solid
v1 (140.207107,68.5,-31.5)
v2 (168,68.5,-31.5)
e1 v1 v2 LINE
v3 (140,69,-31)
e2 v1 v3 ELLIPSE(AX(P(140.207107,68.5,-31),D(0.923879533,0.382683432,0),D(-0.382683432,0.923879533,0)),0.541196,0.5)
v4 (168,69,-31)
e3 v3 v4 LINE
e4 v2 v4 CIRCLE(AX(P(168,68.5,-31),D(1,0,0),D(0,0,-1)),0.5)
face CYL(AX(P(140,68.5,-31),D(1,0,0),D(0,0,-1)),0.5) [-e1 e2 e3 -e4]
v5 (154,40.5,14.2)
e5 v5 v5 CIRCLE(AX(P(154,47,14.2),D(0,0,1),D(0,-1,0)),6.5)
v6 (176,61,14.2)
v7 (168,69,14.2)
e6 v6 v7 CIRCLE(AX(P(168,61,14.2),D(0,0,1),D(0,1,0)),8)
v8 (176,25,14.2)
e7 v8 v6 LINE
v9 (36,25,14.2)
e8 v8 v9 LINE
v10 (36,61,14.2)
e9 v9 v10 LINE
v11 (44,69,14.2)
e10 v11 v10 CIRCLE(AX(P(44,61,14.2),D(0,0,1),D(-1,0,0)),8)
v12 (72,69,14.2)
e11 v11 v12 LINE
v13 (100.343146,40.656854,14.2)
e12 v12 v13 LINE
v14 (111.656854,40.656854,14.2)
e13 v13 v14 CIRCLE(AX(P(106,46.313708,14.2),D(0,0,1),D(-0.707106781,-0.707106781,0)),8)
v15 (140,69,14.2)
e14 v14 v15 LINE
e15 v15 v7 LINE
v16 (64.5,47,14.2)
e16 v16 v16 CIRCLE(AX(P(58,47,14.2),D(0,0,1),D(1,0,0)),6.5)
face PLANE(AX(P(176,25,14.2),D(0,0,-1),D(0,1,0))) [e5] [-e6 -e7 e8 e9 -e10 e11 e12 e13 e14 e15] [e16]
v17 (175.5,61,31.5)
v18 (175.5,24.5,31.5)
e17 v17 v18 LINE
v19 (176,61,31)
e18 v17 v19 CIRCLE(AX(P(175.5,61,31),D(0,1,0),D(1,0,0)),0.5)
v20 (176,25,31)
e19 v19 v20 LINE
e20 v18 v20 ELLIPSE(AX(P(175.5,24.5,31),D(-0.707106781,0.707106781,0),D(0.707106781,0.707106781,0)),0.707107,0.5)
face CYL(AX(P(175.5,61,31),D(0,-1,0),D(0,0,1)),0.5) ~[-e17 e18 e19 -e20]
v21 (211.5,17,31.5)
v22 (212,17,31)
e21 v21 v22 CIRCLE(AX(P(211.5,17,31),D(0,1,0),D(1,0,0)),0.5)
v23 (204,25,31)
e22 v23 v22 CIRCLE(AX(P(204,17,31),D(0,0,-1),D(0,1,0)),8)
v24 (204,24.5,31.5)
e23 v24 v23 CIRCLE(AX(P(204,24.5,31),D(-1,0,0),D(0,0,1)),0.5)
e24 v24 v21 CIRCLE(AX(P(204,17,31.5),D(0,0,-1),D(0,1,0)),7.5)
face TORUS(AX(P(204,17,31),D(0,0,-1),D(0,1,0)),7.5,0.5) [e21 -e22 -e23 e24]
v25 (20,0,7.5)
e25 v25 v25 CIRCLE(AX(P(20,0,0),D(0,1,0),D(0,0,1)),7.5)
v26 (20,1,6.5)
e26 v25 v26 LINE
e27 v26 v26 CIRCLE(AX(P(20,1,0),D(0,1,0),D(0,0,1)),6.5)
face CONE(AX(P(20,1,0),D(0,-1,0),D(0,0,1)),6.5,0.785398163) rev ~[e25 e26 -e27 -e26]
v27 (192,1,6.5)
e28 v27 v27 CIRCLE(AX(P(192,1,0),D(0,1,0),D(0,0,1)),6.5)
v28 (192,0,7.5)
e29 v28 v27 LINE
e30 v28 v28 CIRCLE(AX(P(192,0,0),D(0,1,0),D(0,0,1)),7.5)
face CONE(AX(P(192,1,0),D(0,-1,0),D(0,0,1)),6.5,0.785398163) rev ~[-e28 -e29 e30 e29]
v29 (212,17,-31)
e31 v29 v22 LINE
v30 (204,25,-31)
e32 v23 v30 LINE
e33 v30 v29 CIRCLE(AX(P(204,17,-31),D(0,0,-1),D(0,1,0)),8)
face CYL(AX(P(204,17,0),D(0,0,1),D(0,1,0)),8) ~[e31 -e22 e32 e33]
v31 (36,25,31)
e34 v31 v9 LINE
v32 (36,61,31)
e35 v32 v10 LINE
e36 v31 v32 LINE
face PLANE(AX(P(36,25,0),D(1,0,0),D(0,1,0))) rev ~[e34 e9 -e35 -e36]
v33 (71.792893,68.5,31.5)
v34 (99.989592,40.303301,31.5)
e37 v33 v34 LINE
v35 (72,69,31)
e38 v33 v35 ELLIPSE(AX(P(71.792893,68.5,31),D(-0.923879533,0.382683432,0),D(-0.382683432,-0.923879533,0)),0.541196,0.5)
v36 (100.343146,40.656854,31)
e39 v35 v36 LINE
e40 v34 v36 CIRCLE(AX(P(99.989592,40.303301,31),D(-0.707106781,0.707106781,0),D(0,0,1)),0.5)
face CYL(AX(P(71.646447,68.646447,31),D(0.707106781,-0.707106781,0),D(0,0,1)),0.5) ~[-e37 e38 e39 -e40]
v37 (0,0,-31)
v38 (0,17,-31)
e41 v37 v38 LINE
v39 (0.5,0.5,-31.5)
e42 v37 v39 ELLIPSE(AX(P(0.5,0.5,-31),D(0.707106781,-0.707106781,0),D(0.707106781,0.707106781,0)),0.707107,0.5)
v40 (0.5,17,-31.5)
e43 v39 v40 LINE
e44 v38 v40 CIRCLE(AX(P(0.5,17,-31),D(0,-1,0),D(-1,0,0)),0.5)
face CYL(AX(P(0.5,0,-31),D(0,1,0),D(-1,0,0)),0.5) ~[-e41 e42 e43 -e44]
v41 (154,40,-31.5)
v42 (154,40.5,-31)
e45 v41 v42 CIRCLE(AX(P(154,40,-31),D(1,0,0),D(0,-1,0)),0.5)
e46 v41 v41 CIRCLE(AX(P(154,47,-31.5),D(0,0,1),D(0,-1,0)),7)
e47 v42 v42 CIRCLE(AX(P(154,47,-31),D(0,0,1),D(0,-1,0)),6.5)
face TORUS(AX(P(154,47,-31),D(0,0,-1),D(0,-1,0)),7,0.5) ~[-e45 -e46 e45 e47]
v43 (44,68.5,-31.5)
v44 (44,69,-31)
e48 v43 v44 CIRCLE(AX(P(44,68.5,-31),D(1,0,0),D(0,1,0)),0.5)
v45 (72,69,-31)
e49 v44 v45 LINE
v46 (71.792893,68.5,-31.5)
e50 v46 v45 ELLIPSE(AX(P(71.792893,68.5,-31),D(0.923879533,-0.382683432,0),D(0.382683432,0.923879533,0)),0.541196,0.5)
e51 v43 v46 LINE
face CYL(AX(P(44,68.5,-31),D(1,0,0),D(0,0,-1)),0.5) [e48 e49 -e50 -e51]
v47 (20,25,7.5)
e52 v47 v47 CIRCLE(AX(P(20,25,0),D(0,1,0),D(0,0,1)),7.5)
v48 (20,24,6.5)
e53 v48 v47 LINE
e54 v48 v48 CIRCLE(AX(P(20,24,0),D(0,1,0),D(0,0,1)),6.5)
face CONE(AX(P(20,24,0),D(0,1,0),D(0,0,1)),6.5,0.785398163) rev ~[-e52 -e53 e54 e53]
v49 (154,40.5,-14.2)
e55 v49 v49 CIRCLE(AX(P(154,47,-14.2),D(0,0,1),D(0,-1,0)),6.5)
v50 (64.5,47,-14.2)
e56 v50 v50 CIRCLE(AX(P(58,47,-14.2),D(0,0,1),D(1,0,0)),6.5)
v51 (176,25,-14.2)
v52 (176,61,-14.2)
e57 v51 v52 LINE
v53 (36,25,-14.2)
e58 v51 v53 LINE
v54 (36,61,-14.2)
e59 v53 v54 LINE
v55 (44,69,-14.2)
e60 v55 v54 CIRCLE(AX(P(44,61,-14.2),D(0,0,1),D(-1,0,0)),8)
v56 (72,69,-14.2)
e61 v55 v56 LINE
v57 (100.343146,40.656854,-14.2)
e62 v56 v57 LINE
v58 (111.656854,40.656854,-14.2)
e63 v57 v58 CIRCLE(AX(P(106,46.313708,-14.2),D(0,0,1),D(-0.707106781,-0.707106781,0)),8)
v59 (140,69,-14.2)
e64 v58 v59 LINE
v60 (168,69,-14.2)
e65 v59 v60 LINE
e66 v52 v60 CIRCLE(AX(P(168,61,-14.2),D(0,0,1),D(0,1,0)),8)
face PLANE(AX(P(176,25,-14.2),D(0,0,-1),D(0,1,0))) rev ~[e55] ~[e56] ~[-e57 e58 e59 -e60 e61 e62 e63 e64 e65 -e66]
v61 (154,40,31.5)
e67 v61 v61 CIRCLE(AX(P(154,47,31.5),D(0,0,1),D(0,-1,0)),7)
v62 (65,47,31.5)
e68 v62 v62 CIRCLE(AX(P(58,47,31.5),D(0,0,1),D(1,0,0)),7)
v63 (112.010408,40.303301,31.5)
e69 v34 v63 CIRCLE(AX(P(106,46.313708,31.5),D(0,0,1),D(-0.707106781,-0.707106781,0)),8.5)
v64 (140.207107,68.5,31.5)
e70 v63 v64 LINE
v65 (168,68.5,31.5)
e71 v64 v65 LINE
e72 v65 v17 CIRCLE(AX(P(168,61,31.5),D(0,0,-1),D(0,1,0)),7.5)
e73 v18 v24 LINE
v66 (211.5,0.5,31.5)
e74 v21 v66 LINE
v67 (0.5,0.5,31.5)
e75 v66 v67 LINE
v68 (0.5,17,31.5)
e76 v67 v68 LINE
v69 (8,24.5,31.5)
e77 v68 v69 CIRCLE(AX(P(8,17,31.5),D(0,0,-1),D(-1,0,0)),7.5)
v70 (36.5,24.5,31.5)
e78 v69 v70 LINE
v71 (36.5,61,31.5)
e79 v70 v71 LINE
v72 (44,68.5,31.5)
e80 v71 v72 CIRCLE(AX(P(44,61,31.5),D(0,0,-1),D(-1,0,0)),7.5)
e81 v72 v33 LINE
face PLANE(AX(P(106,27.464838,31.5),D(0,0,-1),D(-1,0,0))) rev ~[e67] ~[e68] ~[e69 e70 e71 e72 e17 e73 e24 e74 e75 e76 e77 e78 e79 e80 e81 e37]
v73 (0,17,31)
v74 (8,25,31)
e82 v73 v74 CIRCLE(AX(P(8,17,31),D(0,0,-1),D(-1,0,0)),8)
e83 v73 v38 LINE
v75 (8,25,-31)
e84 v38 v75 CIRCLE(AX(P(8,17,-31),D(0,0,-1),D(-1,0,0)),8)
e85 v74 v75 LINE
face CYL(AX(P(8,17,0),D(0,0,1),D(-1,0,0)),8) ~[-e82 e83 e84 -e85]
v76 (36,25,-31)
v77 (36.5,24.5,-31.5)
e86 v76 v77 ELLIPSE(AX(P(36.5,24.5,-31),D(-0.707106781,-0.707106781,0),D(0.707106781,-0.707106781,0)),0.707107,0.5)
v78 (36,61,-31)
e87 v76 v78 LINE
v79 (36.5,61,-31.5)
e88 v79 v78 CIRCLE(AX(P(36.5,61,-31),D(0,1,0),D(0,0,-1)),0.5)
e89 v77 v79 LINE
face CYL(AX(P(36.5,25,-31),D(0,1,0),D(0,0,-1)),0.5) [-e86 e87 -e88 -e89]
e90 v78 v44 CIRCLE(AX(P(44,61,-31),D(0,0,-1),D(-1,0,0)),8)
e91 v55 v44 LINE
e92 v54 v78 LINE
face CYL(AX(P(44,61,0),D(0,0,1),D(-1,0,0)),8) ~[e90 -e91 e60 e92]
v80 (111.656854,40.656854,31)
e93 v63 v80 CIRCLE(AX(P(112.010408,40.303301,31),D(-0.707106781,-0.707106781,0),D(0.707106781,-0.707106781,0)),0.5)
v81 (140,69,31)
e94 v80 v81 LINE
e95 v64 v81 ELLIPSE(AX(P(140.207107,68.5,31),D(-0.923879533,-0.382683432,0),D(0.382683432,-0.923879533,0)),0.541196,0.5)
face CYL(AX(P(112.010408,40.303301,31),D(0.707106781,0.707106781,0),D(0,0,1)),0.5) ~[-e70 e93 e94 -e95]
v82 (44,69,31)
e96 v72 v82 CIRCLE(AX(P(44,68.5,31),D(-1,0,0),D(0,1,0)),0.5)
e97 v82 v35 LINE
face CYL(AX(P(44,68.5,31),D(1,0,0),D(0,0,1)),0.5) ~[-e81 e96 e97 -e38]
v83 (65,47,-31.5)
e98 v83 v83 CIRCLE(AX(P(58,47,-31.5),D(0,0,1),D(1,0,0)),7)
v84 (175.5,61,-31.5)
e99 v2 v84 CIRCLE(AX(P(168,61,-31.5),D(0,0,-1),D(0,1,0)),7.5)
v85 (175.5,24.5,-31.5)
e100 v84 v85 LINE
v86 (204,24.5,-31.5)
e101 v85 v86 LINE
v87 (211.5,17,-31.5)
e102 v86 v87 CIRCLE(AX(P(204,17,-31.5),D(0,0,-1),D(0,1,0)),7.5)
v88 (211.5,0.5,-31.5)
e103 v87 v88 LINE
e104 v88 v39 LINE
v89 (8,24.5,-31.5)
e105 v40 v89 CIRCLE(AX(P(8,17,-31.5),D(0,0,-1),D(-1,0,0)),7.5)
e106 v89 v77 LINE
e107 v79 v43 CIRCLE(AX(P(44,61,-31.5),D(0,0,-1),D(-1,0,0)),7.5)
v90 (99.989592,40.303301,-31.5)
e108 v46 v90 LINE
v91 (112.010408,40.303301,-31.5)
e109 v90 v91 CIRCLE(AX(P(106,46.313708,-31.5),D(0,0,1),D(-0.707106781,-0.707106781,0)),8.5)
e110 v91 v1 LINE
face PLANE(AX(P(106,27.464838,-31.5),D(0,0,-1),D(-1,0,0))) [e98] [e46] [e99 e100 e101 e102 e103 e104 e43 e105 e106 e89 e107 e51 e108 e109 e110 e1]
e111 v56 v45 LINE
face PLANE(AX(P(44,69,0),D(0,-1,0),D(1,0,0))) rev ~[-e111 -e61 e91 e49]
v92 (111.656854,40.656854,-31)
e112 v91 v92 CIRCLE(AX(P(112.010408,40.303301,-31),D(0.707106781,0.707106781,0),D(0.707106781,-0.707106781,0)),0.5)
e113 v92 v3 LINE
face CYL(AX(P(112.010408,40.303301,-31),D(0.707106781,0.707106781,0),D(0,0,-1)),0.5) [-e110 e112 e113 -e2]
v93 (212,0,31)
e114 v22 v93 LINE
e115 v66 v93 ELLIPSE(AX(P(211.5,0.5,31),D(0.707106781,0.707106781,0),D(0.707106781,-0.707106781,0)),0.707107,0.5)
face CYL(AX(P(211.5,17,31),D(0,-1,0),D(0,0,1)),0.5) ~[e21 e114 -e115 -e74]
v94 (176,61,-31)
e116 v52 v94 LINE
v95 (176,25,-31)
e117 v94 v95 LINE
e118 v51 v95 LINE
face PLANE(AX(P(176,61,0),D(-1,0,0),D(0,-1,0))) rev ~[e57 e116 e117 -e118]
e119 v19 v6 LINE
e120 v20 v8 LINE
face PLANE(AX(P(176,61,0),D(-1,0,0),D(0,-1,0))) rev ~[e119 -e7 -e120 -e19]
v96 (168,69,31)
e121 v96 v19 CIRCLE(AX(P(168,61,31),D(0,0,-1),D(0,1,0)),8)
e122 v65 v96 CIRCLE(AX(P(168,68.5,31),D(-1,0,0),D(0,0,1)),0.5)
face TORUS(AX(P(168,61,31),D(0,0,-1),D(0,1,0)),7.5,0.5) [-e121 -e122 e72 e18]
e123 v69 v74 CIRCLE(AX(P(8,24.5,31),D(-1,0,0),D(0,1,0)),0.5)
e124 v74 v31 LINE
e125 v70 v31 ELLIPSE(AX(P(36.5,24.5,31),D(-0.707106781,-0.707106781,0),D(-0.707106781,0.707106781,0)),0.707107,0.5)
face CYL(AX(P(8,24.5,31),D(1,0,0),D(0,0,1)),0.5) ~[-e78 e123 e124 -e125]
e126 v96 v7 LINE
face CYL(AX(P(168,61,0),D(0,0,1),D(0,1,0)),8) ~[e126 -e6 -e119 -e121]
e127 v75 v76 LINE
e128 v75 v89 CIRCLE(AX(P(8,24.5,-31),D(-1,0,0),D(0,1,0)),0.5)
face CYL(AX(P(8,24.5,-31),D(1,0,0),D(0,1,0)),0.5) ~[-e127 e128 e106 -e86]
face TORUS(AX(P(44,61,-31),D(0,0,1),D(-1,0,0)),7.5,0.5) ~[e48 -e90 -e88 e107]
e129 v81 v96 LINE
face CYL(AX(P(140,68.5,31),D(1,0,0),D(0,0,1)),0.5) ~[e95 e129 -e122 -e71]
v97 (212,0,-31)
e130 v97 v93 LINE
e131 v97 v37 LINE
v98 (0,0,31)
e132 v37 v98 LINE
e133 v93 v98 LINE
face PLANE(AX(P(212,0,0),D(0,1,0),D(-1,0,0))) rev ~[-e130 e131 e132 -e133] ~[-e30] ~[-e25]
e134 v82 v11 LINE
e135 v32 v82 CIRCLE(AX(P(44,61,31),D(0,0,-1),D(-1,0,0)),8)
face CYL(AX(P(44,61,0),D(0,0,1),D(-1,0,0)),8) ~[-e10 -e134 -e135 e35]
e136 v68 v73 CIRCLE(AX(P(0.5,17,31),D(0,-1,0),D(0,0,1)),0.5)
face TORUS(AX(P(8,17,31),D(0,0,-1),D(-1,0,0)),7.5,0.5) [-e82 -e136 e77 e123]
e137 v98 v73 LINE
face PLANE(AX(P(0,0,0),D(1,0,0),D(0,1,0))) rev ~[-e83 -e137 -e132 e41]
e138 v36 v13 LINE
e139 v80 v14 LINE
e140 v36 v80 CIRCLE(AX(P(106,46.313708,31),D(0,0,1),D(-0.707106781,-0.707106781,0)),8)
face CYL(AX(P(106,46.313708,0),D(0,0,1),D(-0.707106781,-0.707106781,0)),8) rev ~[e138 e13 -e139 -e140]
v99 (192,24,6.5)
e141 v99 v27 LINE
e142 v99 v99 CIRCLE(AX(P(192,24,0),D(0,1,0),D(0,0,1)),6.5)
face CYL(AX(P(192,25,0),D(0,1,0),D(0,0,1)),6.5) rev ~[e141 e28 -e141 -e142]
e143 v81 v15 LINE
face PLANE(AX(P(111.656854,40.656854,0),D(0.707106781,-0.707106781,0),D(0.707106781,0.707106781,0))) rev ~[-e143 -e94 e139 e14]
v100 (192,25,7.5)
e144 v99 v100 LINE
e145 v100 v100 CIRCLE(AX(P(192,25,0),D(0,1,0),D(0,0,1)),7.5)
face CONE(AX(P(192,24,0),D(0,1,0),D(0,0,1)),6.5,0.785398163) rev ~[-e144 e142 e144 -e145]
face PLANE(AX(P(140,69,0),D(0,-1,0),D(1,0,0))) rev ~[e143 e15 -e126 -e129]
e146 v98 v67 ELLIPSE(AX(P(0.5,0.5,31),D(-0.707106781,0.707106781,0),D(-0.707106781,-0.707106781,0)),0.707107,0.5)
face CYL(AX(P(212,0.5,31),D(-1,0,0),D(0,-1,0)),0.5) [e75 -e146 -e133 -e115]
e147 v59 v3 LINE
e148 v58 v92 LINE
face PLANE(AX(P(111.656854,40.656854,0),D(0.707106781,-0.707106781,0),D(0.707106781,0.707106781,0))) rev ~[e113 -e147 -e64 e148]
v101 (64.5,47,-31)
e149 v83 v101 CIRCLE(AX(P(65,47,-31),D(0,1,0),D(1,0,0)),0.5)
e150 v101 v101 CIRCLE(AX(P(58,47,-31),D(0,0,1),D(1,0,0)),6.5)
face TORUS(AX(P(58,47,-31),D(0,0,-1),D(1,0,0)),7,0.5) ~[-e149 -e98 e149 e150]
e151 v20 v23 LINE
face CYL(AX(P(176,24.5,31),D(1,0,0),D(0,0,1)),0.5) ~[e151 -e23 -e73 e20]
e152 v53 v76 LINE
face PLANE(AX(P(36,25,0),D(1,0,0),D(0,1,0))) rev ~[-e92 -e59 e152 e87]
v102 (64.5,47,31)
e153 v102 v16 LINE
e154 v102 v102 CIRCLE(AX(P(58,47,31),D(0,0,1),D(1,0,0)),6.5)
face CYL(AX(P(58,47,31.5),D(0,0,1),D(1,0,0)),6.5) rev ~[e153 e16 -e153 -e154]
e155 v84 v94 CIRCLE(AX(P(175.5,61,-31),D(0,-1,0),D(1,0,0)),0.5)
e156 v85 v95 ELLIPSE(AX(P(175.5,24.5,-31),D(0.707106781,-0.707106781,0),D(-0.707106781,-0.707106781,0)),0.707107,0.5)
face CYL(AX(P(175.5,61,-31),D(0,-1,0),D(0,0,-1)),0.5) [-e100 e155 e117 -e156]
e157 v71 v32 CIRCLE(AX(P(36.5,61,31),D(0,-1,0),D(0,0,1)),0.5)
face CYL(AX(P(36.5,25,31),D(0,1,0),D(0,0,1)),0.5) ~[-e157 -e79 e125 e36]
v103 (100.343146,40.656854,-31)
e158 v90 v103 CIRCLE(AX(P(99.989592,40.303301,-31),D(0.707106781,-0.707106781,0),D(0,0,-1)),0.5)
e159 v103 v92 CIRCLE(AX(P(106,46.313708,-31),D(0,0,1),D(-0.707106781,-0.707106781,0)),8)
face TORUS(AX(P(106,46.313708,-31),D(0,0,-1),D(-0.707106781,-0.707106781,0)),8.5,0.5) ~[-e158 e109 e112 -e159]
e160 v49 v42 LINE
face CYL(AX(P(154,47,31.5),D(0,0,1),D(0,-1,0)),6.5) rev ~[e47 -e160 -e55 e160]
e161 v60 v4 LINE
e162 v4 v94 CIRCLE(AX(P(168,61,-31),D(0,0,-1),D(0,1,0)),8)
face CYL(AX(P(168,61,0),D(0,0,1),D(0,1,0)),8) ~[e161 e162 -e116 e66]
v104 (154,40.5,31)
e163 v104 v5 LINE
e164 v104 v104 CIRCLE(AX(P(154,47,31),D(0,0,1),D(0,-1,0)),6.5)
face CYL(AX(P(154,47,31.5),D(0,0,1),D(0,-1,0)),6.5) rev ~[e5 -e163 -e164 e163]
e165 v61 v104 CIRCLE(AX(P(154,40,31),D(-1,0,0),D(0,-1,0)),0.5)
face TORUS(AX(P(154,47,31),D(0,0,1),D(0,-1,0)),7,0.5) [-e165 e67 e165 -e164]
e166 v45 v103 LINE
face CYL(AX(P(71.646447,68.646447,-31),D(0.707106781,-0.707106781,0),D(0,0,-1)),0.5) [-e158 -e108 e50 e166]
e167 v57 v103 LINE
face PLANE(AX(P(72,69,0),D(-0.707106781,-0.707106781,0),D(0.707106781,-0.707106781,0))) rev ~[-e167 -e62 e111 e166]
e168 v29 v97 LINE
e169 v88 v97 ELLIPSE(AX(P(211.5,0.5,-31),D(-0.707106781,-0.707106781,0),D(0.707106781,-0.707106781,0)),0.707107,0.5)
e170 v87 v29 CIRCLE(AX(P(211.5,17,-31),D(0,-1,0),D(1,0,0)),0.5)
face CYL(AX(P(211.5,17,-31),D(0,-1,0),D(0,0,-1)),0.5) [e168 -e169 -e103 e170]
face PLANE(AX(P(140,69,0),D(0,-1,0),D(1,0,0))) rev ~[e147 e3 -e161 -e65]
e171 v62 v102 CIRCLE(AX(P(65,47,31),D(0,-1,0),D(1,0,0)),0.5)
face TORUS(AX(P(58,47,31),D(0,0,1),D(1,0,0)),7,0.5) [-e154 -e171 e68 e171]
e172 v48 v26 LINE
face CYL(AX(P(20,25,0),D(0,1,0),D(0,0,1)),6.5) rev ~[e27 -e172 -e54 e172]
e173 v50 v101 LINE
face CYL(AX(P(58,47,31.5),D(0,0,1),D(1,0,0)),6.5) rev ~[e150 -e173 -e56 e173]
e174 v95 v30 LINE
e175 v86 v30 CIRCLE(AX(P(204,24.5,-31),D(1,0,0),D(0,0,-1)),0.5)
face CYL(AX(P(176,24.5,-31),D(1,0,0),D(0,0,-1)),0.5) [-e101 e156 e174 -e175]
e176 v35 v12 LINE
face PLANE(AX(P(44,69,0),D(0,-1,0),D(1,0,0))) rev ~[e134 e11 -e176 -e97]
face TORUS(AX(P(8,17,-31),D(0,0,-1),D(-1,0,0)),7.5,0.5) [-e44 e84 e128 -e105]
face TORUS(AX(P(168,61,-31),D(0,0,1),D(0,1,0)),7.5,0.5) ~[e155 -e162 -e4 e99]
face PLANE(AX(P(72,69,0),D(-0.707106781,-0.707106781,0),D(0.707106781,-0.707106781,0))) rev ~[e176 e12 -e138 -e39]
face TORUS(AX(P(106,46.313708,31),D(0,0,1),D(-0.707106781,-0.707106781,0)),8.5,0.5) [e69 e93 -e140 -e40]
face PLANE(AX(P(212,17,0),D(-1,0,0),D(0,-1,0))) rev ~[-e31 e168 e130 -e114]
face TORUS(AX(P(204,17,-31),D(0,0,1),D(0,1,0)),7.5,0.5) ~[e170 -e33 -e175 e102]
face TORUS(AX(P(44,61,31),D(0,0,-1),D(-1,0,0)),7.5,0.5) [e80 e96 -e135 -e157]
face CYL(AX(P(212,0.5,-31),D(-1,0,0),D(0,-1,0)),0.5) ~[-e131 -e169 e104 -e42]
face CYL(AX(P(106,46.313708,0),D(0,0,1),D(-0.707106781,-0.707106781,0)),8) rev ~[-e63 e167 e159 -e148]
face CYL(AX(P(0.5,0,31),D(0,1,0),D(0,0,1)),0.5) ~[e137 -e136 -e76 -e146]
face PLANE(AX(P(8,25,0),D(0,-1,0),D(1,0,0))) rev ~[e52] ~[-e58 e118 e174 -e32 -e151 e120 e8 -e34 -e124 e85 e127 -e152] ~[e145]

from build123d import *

# Parameters (mm, degrees)
BOSS_EXTRUDE1_DEPTH = 31.5
SKETCH2_W           = 28.4
SKETCH2_H           = 44.105795539
CUT_EXTRUDE2_DEPTH  = 192.64876728
SKETCH4_R           = 6.5
CUT_EXTRUDE3_DEPTH  = 232.676498592
SKETCH5_R           = 6.5
CUT_EXTRUDE4_DEPTH  = 63
FILLET1_R           = 0.5
CHAMFER1_SIZE       = 1


with BuildPart() as part:
    # Sketch1 → Boss-Extrude1 (new, symmetric)
    with BuildSketch(Plane.XY):
        with BuildLine():
            Line((0, 0), (0, 17))
            ThreePointArc((0, 17), (2.343145751, 22.656854249), (8, 25))
            Line((8, 25), (36, 25))
            Line((36, 25), (36, 61))
            ThreePointArc((36, 61), (38.343145751, 66.656854249), (44, 69))
            Line((44, 69), (72, 69))
            Line((72, 69), (100.343145751, 40.656854249))
            ThreePointArc((100.343145751, 40.656854249), (106, 38.313708499), (111.656854249, 40.656854249))
            Line((111.656854249, 40.656854249), (140, 69))
            Line((140, 69), (168, 69))
            ThreePointArc((168, 69), (173.656854249, 66.656854249), (176, 61))
            Line((176, 61), (176, 25))
            Line((176, 25), (204, 25))
            ThreePointArc((204, 25), (209.656854249, 22.656854249), (212, 17))
            Line((212, 17), (212, 0))
            Line((212, 0), (0, 0))
        make_face()
    extrude(amount=BOSS_EXTRUDE1_DEPTH, both=True)

    # Sketch2 → Cut-Extrude2 (cut, through all)
    with BuildSketch(Plane(origin=(176, 0, 0), x_dir=(0, 0, -1), z_dir=(1, 0, 0))):
        with Locations((0, 47.052897769)):
            Rectangle(SKETCH2_W, SKETCH2_H)
    extrude(amount=-CUT_EXTRUDE2_DEPTH, mode=Mode.SUBTRACT)

    # Sketch4 → Cut-Extrude3 (cut, through all)
    with BuildSketch(Plane.XY.offset(31.5)):
        with Locations((58, 47)):
            Circle(SKETCH4_R)
        with Locations(Location((154, 47, 0), (0, 0, 270))):
            Circle(SKETCH4_R)
    extrude(amount=-CUT_EXTRUDE3_DEPTH, mode=Mode.SUBTRACT)

    # Sketch5 → Cut-Extrude4 (cut)
    with BuildSketch(Plane(origin=(0, 25, 0), x_dir=(1, 0, 0), z_dir=(0, 1, 0))):
        with Locations(Location((20, 0, 0), (0, 0, 270))):
            Circle(SKETCH5_R)
        with Locations(Location((192, 0, 0), (0, 0, 270))):
            Circle(SKETCH5_R)
    extrude(amount=-CUT_EXTRUDE4_DEPTH, mode=Mode.SUBTRACT)

    # Fillet1
    fillet1_edges = [part.edges().sort_by_distance(p)[0] for p in [
        (209.656854249, 22.656854249, 31.5),
        (190, 25, 31.5),
        (0, 8.5, -31.5),
        (2.343145751, 22.656854249, -31.5),
        (22, 25, -31.5),
        (36, 43, -31.5),
        (38.343145751, 66.656854249, -31.5),
        (176, 43, 31.5),
        (58, 69, -31.5),
        (86.171572875, 54.828427125, -31.5),
        (106, 38.313708499, -31.5),
        (125.828427125, 54.828427125, -31.5),
        (154, 69, -31.5),
        (173.656854249, 66.656854249, -31.5),
        (176, 43, -31.5),
        (190, 25, -31.5),
        (173.656854249, 66.656854249, 31.5),
        (209.656854249, 22.656854249, -31.5),
        (212, 8.5, -31.5),
        (106, 0, -31.5),
        (154, 69, 31.5),
        (125.828427125, 54.828427125, 31.5),
        (106, 38.313708499, 31.5),
        (86.171572875, 54.828427125, 31.5),
        (58, 69, 31.5),
        (38.343145751, 66.656854249, 31.5),
        (106, 0, 31.5),
        (36, 43, 31.5),
        (22, 25, 31.5),
        (2.343145751, 22.656854249, 31.5),
        (0, 8.5, 31.5),
        (212, 8.5, 31.5),
        (154, 53.5, 31.5),
        (154, 53.5, -31.5),
        (51.5, 47, -31.5),
        (51.5, 47, 31.5),
    ]]
    fillet(fillet1_edges, radius=FILLET1_R)

    # Chamfer1
    chamfer1_edges = [part.edges().sort_by_distance(p)[0] for p in [
        (20, 0, -6.5),
        (20, 25, -6.5),
        (192, 0, -6.5),
        (192, 25, -6.5),
    ]]
    chamfer(chamfer1_edges, length=CHAMFER1_SIZE)


solid = part.part
